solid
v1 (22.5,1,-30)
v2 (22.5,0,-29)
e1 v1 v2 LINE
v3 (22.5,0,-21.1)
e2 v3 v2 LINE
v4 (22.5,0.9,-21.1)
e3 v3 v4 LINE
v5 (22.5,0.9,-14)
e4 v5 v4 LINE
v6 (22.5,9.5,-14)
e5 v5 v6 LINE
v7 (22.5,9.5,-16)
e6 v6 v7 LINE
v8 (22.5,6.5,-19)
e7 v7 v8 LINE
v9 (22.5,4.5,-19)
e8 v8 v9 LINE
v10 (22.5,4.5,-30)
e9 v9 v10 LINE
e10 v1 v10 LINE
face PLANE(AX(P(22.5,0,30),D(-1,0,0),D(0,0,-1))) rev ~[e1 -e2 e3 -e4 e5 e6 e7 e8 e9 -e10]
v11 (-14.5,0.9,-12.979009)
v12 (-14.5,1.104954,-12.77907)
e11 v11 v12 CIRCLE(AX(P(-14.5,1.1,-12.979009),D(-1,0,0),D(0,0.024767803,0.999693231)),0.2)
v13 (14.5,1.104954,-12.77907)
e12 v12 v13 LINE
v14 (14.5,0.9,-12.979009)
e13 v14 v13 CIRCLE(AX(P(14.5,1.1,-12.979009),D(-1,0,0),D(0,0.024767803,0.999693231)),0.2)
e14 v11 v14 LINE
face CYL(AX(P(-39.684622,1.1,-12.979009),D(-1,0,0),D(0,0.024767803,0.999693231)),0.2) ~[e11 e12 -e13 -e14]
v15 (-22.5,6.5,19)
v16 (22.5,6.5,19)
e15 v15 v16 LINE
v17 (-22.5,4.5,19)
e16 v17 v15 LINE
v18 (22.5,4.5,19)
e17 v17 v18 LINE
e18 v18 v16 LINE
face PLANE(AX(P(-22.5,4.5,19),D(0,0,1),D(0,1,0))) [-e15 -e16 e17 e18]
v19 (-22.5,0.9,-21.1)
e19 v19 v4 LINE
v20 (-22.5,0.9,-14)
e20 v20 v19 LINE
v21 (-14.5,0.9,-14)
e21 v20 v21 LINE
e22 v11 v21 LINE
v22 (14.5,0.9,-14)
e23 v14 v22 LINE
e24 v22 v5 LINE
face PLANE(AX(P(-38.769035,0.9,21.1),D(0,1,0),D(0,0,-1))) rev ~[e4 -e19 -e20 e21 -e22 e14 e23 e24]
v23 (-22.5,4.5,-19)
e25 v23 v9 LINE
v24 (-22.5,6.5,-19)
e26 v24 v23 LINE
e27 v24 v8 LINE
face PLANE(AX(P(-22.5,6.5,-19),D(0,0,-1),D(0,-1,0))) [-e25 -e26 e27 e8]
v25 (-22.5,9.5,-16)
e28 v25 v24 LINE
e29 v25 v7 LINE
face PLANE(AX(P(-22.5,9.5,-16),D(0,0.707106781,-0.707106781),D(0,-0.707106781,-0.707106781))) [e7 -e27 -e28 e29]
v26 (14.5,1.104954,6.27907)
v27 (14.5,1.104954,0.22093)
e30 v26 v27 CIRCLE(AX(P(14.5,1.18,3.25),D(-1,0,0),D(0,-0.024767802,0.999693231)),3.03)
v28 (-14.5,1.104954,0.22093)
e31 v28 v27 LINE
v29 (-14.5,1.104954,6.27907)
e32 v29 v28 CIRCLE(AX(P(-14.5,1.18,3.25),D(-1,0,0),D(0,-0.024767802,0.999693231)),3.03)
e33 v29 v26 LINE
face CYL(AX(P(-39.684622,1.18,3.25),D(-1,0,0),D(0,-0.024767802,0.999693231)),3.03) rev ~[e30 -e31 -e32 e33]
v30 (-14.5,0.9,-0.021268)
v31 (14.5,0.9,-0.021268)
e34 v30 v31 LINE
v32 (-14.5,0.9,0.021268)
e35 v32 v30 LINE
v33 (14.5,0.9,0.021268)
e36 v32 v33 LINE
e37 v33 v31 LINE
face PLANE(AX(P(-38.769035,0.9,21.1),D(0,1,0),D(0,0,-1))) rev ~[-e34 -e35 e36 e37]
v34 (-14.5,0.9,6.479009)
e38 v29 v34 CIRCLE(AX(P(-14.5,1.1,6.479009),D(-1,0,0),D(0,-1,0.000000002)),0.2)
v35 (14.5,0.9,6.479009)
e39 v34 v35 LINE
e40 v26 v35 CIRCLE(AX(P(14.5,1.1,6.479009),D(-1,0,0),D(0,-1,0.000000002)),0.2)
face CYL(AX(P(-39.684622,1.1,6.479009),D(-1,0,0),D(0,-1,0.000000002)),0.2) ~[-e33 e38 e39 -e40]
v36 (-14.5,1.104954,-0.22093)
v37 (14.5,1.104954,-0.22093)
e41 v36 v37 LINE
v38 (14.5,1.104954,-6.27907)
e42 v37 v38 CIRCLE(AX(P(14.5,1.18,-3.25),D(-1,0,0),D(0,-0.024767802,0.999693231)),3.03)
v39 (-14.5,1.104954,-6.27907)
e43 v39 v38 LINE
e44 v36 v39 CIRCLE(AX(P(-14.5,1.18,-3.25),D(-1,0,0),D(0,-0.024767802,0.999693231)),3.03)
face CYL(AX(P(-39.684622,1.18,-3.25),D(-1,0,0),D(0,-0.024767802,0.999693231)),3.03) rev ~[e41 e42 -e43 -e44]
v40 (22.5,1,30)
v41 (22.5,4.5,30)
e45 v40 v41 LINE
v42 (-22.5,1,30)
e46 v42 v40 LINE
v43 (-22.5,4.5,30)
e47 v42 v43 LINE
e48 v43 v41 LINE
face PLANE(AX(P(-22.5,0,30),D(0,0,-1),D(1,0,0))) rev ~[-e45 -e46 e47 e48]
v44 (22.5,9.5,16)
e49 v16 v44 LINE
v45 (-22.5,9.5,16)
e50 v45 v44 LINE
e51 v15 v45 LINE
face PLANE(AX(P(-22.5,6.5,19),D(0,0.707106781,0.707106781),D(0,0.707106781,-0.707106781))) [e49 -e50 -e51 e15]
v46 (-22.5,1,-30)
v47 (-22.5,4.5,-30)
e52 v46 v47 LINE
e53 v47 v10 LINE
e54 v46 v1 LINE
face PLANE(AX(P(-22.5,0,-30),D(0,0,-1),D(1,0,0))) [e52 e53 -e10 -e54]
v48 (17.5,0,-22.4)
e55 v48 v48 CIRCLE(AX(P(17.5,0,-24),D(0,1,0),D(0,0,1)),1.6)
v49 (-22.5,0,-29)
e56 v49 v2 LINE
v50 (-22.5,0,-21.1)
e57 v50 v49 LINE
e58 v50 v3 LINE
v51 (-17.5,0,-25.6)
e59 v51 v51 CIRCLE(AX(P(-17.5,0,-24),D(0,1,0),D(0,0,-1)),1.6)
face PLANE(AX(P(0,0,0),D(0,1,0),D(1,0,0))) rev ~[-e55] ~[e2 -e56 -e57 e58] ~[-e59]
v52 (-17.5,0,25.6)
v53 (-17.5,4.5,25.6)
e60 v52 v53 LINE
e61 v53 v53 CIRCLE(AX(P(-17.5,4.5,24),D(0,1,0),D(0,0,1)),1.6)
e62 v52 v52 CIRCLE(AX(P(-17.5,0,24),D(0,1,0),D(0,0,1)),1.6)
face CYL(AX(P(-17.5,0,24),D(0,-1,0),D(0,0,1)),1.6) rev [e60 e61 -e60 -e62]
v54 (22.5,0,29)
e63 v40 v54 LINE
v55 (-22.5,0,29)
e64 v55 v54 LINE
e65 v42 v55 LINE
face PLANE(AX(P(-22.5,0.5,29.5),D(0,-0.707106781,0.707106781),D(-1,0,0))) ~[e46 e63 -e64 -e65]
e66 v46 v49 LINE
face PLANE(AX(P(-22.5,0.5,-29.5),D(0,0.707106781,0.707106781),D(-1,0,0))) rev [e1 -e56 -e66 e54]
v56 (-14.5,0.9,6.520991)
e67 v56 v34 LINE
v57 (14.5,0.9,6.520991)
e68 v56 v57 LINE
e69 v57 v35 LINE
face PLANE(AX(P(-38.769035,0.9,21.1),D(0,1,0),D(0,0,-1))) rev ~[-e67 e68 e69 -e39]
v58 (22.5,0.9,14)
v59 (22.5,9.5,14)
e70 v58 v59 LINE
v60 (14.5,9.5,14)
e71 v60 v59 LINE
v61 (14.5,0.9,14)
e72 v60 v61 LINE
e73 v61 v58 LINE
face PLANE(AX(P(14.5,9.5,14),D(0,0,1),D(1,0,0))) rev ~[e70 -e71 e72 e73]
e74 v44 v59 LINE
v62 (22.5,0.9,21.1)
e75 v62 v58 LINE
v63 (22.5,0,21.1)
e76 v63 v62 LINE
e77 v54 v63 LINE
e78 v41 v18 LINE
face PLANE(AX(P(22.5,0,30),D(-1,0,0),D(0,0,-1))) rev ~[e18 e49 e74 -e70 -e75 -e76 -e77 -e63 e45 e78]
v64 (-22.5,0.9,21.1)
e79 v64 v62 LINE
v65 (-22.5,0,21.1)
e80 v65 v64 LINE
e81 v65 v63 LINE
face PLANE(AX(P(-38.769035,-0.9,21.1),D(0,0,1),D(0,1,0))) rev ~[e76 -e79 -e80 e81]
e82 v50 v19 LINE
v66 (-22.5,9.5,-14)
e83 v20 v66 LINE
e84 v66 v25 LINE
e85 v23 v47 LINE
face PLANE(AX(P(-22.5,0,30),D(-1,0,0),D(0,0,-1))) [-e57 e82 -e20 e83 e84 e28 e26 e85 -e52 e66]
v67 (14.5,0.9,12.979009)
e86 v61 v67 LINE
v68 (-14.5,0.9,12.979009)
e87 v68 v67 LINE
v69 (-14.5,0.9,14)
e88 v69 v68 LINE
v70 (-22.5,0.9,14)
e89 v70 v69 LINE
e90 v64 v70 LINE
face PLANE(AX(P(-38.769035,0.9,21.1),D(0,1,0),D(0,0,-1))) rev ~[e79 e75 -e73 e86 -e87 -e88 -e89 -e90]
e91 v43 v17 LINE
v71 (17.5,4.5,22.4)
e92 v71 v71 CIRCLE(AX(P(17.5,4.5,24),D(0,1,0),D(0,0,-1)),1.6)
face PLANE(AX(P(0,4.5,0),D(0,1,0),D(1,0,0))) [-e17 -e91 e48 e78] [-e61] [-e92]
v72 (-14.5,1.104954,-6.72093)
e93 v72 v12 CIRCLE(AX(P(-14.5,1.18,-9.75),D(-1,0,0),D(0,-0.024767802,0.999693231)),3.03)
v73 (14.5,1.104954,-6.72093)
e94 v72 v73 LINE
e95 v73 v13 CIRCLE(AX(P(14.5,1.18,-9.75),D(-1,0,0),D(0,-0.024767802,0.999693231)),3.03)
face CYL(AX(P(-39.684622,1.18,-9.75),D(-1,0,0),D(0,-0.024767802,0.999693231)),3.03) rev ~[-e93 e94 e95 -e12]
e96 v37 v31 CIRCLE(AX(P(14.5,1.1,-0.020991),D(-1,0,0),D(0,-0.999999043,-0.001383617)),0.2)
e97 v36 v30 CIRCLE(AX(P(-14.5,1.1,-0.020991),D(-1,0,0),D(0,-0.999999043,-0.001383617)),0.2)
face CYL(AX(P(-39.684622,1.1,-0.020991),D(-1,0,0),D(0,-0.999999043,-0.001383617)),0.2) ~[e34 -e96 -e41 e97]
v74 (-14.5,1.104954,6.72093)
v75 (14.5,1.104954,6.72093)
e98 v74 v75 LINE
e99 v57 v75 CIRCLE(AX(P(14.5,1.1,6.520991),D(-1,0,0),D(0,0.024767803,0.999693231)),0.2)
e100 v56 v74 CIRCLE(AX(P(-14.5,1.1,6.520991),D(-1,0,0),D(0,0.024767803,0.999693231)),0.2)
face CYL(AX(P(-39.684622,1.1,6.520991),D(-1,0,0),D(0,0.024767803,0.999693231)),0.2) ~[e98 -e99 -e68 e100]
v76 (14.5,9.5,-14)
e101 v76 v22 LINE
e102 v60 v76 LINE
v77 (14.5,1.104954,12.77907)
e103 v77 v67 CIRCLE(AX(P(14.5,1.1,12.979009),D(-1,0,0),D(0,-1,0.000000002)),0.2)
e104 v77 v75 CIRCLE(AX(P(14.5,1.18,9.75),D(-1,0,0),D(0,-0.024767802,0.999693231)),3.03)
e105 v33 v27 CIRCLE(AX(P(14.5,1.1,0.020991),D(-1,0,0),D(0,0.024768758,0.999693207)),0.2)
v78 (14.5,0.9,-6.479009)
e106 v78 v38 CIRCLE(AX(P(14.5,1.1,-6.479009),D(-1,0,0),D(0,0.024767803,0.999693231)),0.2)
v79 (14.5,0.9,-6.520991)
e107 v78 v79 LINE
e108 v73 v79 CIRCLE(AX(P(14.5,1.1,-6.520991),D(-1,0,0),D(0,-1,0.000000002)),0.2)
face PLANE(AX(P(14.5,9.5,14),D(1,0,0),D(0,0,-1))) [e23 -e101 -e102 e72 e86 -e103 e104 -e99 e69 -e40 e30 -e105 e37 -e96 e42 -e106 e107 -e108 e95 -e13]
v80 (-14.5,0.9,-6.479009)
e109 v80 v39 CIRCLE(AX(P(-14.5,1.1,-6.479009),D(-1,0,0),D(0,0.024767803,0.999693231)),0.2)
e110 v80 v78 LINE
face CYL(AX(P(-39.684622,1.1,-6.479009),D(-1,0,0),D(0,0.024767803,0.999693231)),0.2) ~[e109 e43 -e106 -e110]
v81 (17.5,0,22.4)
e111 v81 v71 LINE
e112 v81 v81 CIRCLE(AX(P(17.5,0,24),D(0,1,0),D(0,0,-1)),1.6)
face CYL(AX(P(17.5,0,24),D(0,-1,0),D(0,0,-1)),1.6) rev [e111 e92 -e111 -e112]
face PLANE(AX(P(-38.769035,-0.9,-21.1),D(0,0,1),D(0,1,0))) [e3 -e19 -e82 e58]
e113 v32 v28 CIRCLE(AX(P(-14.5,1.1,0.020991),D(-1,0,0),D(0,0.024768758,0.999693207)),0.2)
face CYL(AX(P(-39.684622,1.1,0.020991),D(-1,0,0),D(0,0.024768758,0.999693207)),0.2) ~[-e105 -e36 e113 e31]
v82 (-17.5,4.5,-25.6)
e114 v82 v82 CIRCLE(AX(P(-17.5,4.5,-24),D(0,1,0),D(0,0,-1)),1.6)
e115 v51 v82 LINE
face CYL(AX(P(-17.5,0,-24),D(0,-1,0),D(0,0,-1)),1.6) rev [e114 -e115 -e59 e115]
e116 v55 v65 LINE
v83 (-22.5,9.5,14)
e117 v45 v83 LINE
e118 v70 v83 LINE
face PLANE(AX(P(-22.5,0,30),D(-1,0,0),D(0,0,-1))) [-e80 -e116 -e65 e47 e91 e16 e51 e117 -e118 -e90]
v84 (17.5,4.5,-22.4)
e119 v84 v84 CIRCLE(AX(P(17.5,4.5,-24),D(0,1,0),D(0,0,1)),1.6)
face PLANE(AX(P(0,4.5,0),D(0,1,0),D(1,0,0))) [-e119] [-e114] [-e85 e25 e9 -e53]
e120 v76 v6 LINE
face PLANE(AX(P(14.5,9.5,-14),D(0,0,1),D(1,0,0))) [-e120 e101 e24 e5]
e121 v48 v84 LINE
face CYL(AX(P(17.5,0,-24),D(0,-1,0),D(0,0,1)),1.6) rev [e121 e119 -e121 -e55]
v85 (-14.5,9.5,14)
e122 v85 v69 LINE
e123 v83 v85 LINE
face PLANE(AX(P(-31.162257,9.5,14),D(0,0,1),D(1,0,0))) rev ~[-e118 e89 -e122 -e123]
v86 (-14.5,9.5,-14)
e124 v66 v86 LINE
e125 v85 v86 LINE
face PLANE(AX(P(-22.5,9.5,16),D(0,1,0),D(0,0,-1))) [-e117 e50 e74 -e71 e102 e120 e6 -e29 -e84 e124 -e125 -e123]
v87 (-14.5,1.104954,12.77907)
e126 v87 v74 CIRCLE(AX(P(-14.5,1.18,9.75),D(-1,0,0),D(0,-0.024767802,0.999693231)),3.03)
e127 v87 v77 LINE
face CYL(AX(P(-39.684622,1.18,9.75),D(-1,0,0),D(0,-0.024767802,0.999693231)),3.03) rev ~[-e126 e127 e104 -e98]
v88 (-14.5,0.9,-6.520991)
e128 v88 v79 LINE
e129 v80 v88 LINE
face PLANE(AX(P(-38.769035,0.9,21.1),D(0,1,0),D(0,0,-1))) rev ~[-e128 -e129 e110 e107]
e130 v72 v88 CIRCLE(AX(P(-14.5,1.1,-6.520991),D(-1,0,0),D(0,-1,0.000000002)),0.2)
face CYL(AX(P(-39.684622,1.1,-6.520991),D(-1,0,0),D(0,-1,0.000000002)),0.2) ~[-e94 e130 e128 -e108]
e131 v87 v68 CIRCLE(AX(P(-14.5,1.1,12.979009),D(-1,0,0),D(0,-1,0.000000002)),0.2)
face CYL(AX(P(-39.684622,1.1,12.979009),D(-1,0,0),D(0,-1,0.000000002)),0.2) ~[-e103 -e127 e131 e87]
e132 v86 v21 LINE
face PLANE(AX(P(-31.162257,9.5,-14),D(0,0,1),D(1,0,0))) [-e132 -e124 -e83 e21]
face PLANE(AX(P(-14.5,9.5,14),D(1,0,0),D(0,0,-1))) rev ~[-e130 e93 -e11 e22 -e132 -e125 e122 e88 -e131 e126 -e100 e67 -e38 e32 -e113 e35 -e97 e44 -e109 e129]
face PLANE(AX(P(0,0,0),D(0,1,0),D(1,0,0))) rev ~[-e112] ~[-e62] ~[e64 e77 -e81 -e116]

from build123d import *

# Parameters (mm, degrees)
SKETCH1_W                = 45
SKETCH1_H                = 60
SKETCH1_R                = 1.6
BOSS_EXTRUDE1_DEPTH      = 4.5
CHAMFER1_SIZE            = 1
CUT_EXTRUDE1_DEPTH       = 38.769034936
CUT_EXTRUDE1_DEPTH_BACK  = 38.769034936
SKETCH2_W                = 42.2
SKETCH2_H                = 1.8
BOSS_EXTRUDE2_DEPTH      = 22.5
BOSS_EXTRUDE2_DEPTH_BACK = 22.5
CUT_EXTRUDE2_DEPTH       = 39.684622268
CUT_EXTRUDE2_DEPTH_BACK  = 39.684622268
SKETCH6_W                = 16.662256764
SKETCH6_H                = 27.999999992
SKETCH6_W_2              = 12.602721676
CUT_EXTRUDE3_DEPTH       = 10


with BuildPart() as part:
    # Sketch1 → Boss-Extrude1 (new body)
    with BuildSketch(Plane(origin=(0, 0, 0), x_dir=(1, 0, 0), z_dir=(0, 1, 0))):
        Rectangle(SKETCH1_W, SKETCH1_H)
        with Locations(Location((17.5, 24, 0), (0, 0, 270))):
            Circle(SKETCH1_R, mode=Mode.SUBTRACT)
        with Locations(Location((-17.5, 24, 0), (0, 0, 90))):
            Circle(SKETCH1_R, mode=Mode.SUBTRACT)
        with Locations(Location((-17.5, -24, 0), (0, 0, 270))):
            Circle(SKETCH1_R, mode=Mode.SUBTRACT)
        with Locations(Location((17.5, -24, 0), (0, 0, 90))):
            Circle(SKETCH1_R, mode=Mode.SUBTRACT)
    extrude(amount=BOSS_EXTRUDE1_DEPTH)

    # Chamfer1
    chamfer1_edges = [part.edges().sort_by_distance(p)[0] for p in [
        (0, 0, 30),
        (0, 0, -30),
    ]]
    chamfer(chamfer1_edges, length=CHAMFER1_SIZE)

    # Sketch2 → Cut-Extrude1 (cut, two sides: drawn at the far end of the back side and taken through both)
    with BuildSketch(Plane(origin=(0, 0, 0), x_dir=(0, 0, -1), z_dir=(1, 0, 0)).offset(-CUT_EXTRUDE1_DEPTH_BACK)):
        Rectangle(SKETCH2_W, SKETCH2_H)
    extrude(amount=CUT_EXTRUDE1_DEPTH + CUT_EXTRUDE1_DEPTH_BACK, mode=Mode.SUBTRACT)

    # Sketch4 → Boss-Extrude2 (add, two sides: drawn at the far end of the back side and taken through both)
    with BuildSketch(Plane(origin=(0, 0, 0), x_dir=(0, 0, -1), z_dir=(1, 0, 0)).offset(-BOSS_EXTRUDE2_DEPTH_BACK)):
        Polygon((19, 4.5), (-19, 4.5), (-19, 6.5), (-16, 9.5), (16, 9.5), (19, 6.5), align=None)
    extrude(amount=BOSS_EXTRUDE2_DEPTH + BOSS_EXTRUDE2_DEPTH_BACK)

    # Sketch5 → Cut-Extrude2 (cut, two sides: drawn at the far end of the back side and taken through both)
    with BuildSketch(Plane(origin=(0, 0, 0), x_dir=(0, 0, -1), z_dir=(1, 0, 0)).offset(-CUT_EXTRUDE2_DEPTH_BACK)):
        with BuildLine():
            Line((-0.021267592, 0.9), (0.021267592, 0.9))
            ThreePointArc((0.021267592, 0.9), (0.164249511, 0.960439924), (0.22092951, 1.10495356))
            ThreePointArc((0.22092951, 1.10495356), (3.25, 4.21), (6.27907049, 1.10495356))
            ThreePointArc((6.27907049, 1.10495356), (6.335847144, 0.960340972), (6.479009136, 0.9))
            Line((6.479009136, 0.9), (6.520990864, 0.9))
            ThreePointArc((6.520990864, 0.9), (6.664152856, 0.960340972), (6.72092951, 1.10495356))
            ThreePointArc((6.72092951, 1.10495356), (9.75, 4.21), (12.77907049, 1.10495356))
            ThreePointArc((12.77907049, 1.10495356), (12.835847144, 0.960340972), (12.979009136, 0.9))
            Line((12.979009136, 0.9), (11.734788972, -2.913913916))
            Line((11.734788972, -2.913913916), (-11.720609732, -4.129919609))
            Line((-11.720609732, -4.129919609), (-12.979009136, 0.9))
            ThreePointArc((-12.979009136, 0.9), (-12.835847144, 0.960340972), (-12.77907049, 1.10495356))
            ThreePointArc((-12.77907049, 1.10495356), (-9.75, 4.21), (-6.72092951, 1.10495356))
            ThreePointArc((-6.72092951, 1.10495356), (-6.664152856, 0.960340972), (-6.520990864, 0.9))
            Line((-6.520990864, 0.9), (-6.479009136, 0.9))
            ThreePointArc((-6.479009136, 0.9), (-6.335847144, 0.960340972), (-6.27907049, 1.10495356))
            ThreePointArc((-6.27907049, 1.10495356), (-3.25, 4.21), (-0.22092951, 1.10495356))
            ThreePointArc((-0.22092951, 1.10495356), (-0.164249511, 0.960439924), (-0.021267592, 0.9))
        make_face()
    extrude(amount=CUT_EXTRUDE2_DEPTH + CUT_EXTRUDE2_DEPTH_BACK, mode=Mode.SUBTRACT)

    # Sketch6 → Cut-Extrude3 (cut)
    with BuildSketch(Plane(origin=(0, 9.5, 0), x_dir=(1, 0, 0), z_dir=(0, 1, 0))):
        with Locations((-22.831128379, 0)):
            Rectangle(SKETCH6_W, SKETCH6_H)
        with Locations((20.801360835, 0)):
            Rectangle(SKETCH6_W_2, SKETCH6_H)
    extrude(amount=-CUT_EXTRUDE3_DEPTH, mode=Mode.SUBTRACT)


solid = part.part
